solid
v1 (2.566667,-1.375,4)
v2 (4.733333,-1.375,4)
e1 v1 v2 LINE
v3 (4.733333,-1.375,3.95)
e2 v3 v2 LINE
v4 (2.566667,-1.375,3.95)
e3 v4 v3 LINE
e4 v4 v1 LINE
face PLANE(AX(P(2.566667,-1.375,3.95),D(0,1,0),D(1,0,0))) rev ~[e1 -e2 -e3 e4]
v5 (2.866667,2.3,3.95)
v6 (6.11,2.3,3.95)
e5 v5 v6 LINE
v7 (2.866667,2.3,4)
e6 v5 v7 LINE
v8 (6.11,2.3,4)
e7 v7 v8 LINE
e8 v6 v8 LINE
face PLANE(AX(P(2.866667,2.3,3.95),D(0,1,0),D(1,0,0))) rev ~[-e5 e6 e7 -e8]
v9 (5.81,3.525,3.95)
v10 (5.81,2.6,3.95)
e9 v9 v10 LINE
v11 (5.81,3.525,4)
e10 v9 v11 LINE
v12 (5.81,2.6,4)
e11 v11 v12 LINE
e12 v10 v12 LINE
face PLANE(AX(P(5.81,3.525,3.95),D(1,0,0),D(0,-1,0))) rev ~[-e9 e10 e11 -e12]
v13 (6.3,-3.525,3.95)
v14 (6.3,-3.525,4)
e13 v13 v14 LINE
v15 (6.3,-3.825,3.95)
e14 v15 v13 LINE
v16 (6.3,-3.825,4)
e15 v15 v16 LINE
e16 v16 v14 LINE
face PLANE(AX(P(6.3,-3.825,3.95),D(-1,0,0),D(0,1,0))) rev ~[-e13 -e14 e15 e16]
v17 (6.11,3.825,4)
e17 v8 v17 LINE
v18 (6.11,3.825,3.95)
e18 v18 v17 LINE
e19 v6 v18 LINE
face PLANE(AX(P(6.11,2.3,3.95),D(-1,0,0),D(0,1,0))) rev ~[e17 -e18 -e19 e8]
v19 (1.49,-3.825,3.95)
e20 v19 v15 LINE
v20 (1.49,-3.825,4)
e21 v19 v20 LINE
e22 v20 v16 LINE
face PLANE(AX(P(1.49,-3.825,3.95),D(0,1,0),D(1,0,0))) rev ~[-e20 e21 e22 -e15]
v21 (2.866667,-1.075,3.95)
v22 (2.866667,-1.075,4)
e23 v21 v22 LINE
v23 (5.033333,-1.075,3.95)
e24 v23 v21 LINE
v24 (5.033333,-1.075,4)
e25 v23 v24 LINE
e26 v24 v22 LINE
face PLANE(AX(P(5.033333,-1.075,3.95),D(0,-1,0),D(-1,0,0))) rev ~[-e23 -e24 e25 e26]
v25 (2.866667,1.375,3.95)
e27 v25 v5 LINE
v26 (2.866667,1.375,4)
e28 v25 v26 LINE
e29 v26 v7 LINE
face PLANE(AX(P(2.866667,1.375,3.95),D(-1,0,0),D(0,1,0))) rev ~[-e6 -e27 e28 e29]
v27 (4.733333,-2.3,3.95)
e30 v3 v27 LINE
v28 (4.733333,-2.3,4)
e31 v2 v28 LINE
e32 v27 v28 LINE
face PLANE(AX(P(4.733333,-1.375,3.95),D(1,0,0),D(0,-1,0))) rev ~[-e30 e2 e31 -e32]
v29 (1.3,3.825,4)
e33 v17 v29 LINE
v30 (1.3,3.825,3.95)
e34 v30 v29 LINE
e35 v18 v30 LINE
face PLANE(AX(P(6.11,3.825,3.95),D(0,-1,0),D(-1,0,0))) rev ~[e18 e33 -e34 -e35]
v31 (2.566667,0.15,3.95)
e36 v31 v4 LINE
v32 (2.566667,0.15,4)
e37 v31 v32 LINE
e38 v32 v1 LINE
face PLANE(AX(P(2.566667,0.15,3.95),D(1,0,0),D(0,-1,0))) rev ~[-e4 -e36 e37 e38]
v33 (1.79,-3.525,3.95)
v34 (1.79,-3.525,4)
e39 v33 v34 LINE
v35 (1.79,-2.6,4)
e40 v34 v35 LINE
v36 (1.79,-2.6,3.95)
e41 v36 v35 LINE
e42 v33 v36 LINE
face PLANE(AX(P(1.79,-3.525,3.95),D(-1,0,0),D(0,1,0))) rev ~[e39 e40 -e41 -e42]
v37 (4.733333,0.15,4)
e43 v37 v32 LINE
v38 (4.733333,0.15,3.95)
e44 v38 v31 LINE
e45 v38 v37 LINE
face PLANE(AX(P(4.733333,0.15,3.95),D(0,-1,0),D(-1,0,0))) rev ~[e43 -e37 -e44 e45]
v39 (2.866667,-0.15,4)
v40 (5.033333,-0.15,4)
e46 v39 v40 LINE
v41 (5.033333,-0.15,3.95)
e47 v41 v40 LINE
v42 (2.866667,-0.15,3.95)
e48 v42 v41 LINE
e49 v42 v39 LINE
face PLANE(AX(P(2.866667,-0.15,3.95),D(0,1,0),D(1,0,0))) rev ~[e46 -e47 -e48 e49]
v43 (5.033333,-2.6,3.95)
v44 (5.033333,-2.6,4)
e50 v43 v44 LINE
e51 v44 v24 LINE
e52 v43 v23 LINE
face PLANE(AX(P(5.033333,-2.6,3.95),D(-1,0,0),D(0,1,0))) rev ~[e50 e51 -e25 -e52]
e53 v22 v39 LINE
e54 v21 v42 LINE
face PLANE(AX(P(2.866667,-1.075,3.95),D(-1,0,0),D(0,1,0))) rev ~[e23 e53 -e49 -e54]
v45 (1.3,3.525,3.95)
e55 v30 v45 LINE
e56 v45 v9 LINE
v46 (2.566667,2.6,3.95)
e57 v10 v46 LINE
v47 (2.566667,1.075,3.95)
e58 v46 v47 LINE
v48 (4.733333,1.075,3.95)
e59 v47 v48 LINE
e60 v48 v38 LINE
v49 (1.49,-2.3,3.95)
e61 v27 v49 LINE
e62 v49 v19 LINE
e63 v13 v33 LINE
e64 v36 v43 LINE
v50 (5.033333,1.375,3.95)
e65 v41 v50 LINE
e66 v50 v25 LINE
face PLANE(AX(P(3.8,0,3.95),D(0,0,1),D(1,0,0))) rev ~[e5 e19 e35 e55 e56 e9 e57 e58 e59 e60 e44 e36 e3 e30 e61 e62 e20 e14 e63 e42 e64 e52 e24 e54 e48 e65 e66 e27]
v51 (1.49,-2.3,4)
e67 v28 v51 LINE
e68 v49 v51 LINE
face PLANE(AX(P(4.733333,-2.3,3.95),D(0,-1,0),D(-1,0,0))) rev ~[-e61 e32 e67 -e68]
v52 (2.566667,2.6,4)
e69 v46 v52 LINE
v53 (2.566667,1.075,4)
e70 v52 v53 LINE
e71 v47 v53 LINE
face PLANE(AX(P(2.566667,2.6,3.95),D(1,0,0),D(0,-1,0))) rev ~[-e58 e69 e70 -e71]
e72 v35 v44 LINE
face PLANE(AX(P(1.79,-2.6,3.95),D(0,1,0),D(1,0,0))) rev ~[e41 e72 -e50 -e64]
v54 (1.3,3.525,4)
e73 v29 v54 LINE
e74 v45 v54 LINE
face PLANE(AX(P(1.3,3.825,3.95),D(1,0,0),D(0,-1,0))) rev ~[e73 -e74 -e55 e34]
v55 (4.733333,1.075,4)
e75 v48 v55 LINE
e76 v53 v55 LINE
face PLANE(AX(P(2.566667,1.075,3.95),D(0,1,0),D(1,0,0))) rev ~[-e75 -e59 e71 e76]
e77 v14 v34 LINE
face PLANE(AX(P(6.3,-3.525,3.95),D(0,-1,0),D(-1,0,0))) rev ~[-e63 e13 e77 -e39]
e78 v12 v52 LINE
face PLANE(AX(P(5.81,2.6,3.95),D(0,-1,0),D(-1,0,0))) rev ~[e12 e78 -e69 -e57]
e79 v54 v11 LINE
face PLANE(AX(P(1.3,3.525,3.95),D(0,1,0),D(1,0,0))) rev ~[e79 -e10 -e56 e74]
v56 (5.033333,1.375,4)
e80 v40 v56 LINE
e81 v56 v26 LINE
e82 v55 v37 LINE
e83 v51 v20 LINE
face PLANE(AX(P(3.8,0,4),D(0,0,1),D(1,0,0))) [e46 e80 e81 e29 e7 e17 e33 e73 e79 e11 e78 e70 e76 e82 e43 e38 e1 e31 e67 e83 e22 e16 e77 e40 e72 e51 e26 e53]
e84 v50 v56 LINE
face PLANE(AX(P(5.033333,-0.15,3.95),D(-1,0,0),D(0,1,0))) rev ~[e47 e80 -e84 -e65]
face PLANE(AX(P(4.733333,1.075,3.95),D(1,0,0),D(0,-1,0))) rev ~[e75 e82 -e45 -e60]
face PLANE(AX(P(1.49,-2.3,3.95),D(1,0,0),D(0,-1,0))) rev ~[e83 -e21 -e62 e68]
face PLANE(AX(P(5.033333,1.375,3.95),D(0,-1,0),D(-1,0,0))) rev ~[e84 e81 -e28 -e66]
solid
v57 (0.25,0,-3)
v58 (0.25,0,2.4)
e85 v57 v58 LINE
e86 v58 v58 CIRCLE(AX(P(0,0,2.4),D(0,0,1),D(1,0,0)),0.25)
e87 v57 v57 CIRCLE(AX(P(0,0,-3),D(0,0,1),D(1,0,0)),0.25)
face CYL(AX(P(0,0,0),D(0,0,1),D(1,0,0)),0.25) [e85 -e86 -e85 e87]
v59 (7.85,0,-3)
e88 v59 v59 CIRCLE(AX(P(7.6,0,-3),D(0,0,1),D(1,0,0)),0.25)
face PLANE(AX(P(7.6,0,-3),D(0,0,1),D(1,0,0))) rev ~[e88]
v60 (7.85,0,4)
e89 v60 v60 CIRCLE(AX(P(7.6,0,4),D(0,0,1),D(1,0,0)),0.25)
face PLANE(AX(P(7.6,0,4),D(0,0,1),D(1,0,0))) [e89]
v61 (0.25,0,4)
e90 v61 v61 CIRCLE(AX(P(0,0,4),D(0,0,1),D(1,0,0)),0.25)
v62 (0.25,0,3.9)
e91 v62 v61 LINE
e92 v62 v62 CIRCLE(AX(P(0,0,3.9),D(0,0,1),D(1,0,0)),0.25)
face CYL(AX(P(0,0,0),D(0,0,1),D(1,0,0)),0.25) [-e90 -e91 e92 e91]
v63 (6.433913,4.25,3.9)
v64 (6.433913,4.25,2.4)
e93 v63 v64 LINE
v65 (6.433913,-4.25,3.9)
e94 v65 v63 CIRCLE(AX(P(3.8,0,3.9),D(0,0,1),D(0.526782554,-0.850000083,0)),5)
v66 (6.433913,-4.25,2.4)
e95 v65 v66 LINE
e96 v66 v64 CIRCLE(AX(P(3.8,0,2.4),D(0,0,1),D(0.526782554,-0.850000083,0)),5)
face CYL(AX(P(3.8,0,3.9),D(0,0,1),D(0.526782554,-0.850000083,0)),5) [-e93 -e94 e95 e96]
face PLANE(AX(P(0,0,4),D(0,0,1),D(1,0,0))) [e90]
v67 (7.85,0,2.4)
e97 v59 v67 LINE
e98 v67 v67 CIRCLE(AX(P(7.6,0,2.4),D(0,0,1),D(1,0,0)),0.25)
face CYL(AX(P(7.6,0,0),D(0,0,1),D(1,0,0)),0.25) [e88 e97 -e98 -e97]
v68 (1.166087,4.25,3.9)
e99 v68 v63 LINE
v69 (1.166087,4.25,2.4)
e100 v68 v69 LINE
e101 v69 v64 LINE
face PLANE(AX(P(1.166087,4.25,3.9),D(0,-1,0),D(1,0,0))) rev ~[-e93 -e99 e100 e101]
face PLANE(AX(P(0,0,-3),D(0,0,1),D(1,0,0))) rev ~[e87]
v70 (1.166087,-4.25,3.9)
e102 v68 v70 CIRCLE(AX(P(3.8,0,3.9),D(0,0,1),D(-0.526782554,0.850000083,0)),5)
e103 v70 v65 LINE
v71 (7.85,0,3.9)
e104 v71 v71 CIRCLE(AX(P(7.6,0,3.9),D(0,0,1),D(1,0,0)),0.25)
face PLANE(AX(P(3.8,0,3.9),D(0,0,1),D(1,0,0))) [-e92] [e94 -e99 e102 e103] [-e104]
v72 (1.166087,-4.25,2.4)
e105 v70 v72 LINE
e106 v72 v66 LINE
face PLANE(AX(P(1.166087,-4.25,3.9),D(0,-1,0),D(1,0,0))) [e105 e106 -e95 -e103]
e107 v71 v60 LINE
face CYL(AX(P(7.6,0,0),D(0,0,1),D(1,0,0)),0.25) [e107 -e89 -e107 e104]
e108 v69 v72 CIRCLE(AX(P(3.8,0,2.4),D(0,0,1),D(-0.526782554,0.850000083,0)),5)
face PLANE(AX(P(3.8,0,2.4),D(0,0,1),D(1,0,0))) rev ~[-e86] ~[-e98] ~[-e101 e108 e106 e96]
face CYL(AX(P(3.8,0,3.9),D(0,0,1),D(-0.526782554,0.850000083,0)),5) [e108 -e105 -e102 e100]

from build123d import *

# Parameters (mm, degrees)
PAD001_DEPTH   = 1.5
SKETCH_R       = 0.25
PAD_DEPTH      = 4
PAD_DEPTH_BACK = 3
PAD002_DEPTH   = 0.05


with BuildPart() as pad001:
    # Sketch001 → Pad001 (new body)
    with BuildSketch(Plane.XY.offset(3.9)):
        with BuildLine():
            ThreePointArc((1.166087, 4.25), (-1.2, 0), (1.166087, -4.25))
            Line((1.166087, -4.25), (6.433913, -4.25))
            ThreePointArc((6.433913, -4.25), (8.8, 0), (6.433913, 4.25))
            Line((1.166087, 4.25), (6.433913, 4.25))
        make_face()
    extrude(amount=-PAD001_DEPTH)


with BuildPart() as pad:
    # Sketch → Pad (new body, two sides)
    with BuildSketch(Plane.XY) as pad_sk:
        Circle(SKETCH_R)
        with Locations((7.6, 0)):
            Circle(SKETCH_R)
    extrude(amount=PAD_DEPTH)
    extrude(pad_sk.sketch, amount=-PAD_DEPTH_BACK)


with BuildPart() as r_ldr_10x8_5mm_p7_6mm_vertical:
    # Sketch002 → Pad002 (new body)
    with BuildSketch(Plane.XY.offset(3.95)):
        Polygon((1.3, 3.525), (5.81, 3.525), (5.81, 2.6), (2.566667, 2.6), (2.566667, 2.3), (2.566667, 1.075), (2.866667, 1.075), (4.733333, 1.075), (4.733333, 0.15), (2.566667, 0.15), (2.566667, -0.15), (2.566667, -1.375), (2.866667, -1.375), (4.733333, -1.375), (4.733333, -2.3), (1.49, -2.3), (1.49, -2.6), (1.49, -3.825), (1.79, -3.825), (6.3, -3.825), (6.3, -3.525), (1.79, -3.525), (1.79, -2.6), (4.733333, -2.6), (5.033333, -2.6), (5.033333, -1.375), (5.033333, -1.075), (2.866667, -1.075), (2.866667, -0.15), (4.733333, -0.15), (5.033333, -0.15), (5.033333, 1.075), (5.033333, 1.375), (2.866667, 1.375), (2.866667, 2.3), (5.81, 2.3), (6.11, 2.3), (6.11, 3.525), (6.11, 3.825), (1.3, 3.825), align=None)
    extrude(amount=PAD002_DEPTH)

    # Pad002_mp_cp: union Pad001, Pad
    add(pad001.part)
    add(pad.part)


solid = r_ldr_10x8_5mm_p7_6mm_vertical.part
